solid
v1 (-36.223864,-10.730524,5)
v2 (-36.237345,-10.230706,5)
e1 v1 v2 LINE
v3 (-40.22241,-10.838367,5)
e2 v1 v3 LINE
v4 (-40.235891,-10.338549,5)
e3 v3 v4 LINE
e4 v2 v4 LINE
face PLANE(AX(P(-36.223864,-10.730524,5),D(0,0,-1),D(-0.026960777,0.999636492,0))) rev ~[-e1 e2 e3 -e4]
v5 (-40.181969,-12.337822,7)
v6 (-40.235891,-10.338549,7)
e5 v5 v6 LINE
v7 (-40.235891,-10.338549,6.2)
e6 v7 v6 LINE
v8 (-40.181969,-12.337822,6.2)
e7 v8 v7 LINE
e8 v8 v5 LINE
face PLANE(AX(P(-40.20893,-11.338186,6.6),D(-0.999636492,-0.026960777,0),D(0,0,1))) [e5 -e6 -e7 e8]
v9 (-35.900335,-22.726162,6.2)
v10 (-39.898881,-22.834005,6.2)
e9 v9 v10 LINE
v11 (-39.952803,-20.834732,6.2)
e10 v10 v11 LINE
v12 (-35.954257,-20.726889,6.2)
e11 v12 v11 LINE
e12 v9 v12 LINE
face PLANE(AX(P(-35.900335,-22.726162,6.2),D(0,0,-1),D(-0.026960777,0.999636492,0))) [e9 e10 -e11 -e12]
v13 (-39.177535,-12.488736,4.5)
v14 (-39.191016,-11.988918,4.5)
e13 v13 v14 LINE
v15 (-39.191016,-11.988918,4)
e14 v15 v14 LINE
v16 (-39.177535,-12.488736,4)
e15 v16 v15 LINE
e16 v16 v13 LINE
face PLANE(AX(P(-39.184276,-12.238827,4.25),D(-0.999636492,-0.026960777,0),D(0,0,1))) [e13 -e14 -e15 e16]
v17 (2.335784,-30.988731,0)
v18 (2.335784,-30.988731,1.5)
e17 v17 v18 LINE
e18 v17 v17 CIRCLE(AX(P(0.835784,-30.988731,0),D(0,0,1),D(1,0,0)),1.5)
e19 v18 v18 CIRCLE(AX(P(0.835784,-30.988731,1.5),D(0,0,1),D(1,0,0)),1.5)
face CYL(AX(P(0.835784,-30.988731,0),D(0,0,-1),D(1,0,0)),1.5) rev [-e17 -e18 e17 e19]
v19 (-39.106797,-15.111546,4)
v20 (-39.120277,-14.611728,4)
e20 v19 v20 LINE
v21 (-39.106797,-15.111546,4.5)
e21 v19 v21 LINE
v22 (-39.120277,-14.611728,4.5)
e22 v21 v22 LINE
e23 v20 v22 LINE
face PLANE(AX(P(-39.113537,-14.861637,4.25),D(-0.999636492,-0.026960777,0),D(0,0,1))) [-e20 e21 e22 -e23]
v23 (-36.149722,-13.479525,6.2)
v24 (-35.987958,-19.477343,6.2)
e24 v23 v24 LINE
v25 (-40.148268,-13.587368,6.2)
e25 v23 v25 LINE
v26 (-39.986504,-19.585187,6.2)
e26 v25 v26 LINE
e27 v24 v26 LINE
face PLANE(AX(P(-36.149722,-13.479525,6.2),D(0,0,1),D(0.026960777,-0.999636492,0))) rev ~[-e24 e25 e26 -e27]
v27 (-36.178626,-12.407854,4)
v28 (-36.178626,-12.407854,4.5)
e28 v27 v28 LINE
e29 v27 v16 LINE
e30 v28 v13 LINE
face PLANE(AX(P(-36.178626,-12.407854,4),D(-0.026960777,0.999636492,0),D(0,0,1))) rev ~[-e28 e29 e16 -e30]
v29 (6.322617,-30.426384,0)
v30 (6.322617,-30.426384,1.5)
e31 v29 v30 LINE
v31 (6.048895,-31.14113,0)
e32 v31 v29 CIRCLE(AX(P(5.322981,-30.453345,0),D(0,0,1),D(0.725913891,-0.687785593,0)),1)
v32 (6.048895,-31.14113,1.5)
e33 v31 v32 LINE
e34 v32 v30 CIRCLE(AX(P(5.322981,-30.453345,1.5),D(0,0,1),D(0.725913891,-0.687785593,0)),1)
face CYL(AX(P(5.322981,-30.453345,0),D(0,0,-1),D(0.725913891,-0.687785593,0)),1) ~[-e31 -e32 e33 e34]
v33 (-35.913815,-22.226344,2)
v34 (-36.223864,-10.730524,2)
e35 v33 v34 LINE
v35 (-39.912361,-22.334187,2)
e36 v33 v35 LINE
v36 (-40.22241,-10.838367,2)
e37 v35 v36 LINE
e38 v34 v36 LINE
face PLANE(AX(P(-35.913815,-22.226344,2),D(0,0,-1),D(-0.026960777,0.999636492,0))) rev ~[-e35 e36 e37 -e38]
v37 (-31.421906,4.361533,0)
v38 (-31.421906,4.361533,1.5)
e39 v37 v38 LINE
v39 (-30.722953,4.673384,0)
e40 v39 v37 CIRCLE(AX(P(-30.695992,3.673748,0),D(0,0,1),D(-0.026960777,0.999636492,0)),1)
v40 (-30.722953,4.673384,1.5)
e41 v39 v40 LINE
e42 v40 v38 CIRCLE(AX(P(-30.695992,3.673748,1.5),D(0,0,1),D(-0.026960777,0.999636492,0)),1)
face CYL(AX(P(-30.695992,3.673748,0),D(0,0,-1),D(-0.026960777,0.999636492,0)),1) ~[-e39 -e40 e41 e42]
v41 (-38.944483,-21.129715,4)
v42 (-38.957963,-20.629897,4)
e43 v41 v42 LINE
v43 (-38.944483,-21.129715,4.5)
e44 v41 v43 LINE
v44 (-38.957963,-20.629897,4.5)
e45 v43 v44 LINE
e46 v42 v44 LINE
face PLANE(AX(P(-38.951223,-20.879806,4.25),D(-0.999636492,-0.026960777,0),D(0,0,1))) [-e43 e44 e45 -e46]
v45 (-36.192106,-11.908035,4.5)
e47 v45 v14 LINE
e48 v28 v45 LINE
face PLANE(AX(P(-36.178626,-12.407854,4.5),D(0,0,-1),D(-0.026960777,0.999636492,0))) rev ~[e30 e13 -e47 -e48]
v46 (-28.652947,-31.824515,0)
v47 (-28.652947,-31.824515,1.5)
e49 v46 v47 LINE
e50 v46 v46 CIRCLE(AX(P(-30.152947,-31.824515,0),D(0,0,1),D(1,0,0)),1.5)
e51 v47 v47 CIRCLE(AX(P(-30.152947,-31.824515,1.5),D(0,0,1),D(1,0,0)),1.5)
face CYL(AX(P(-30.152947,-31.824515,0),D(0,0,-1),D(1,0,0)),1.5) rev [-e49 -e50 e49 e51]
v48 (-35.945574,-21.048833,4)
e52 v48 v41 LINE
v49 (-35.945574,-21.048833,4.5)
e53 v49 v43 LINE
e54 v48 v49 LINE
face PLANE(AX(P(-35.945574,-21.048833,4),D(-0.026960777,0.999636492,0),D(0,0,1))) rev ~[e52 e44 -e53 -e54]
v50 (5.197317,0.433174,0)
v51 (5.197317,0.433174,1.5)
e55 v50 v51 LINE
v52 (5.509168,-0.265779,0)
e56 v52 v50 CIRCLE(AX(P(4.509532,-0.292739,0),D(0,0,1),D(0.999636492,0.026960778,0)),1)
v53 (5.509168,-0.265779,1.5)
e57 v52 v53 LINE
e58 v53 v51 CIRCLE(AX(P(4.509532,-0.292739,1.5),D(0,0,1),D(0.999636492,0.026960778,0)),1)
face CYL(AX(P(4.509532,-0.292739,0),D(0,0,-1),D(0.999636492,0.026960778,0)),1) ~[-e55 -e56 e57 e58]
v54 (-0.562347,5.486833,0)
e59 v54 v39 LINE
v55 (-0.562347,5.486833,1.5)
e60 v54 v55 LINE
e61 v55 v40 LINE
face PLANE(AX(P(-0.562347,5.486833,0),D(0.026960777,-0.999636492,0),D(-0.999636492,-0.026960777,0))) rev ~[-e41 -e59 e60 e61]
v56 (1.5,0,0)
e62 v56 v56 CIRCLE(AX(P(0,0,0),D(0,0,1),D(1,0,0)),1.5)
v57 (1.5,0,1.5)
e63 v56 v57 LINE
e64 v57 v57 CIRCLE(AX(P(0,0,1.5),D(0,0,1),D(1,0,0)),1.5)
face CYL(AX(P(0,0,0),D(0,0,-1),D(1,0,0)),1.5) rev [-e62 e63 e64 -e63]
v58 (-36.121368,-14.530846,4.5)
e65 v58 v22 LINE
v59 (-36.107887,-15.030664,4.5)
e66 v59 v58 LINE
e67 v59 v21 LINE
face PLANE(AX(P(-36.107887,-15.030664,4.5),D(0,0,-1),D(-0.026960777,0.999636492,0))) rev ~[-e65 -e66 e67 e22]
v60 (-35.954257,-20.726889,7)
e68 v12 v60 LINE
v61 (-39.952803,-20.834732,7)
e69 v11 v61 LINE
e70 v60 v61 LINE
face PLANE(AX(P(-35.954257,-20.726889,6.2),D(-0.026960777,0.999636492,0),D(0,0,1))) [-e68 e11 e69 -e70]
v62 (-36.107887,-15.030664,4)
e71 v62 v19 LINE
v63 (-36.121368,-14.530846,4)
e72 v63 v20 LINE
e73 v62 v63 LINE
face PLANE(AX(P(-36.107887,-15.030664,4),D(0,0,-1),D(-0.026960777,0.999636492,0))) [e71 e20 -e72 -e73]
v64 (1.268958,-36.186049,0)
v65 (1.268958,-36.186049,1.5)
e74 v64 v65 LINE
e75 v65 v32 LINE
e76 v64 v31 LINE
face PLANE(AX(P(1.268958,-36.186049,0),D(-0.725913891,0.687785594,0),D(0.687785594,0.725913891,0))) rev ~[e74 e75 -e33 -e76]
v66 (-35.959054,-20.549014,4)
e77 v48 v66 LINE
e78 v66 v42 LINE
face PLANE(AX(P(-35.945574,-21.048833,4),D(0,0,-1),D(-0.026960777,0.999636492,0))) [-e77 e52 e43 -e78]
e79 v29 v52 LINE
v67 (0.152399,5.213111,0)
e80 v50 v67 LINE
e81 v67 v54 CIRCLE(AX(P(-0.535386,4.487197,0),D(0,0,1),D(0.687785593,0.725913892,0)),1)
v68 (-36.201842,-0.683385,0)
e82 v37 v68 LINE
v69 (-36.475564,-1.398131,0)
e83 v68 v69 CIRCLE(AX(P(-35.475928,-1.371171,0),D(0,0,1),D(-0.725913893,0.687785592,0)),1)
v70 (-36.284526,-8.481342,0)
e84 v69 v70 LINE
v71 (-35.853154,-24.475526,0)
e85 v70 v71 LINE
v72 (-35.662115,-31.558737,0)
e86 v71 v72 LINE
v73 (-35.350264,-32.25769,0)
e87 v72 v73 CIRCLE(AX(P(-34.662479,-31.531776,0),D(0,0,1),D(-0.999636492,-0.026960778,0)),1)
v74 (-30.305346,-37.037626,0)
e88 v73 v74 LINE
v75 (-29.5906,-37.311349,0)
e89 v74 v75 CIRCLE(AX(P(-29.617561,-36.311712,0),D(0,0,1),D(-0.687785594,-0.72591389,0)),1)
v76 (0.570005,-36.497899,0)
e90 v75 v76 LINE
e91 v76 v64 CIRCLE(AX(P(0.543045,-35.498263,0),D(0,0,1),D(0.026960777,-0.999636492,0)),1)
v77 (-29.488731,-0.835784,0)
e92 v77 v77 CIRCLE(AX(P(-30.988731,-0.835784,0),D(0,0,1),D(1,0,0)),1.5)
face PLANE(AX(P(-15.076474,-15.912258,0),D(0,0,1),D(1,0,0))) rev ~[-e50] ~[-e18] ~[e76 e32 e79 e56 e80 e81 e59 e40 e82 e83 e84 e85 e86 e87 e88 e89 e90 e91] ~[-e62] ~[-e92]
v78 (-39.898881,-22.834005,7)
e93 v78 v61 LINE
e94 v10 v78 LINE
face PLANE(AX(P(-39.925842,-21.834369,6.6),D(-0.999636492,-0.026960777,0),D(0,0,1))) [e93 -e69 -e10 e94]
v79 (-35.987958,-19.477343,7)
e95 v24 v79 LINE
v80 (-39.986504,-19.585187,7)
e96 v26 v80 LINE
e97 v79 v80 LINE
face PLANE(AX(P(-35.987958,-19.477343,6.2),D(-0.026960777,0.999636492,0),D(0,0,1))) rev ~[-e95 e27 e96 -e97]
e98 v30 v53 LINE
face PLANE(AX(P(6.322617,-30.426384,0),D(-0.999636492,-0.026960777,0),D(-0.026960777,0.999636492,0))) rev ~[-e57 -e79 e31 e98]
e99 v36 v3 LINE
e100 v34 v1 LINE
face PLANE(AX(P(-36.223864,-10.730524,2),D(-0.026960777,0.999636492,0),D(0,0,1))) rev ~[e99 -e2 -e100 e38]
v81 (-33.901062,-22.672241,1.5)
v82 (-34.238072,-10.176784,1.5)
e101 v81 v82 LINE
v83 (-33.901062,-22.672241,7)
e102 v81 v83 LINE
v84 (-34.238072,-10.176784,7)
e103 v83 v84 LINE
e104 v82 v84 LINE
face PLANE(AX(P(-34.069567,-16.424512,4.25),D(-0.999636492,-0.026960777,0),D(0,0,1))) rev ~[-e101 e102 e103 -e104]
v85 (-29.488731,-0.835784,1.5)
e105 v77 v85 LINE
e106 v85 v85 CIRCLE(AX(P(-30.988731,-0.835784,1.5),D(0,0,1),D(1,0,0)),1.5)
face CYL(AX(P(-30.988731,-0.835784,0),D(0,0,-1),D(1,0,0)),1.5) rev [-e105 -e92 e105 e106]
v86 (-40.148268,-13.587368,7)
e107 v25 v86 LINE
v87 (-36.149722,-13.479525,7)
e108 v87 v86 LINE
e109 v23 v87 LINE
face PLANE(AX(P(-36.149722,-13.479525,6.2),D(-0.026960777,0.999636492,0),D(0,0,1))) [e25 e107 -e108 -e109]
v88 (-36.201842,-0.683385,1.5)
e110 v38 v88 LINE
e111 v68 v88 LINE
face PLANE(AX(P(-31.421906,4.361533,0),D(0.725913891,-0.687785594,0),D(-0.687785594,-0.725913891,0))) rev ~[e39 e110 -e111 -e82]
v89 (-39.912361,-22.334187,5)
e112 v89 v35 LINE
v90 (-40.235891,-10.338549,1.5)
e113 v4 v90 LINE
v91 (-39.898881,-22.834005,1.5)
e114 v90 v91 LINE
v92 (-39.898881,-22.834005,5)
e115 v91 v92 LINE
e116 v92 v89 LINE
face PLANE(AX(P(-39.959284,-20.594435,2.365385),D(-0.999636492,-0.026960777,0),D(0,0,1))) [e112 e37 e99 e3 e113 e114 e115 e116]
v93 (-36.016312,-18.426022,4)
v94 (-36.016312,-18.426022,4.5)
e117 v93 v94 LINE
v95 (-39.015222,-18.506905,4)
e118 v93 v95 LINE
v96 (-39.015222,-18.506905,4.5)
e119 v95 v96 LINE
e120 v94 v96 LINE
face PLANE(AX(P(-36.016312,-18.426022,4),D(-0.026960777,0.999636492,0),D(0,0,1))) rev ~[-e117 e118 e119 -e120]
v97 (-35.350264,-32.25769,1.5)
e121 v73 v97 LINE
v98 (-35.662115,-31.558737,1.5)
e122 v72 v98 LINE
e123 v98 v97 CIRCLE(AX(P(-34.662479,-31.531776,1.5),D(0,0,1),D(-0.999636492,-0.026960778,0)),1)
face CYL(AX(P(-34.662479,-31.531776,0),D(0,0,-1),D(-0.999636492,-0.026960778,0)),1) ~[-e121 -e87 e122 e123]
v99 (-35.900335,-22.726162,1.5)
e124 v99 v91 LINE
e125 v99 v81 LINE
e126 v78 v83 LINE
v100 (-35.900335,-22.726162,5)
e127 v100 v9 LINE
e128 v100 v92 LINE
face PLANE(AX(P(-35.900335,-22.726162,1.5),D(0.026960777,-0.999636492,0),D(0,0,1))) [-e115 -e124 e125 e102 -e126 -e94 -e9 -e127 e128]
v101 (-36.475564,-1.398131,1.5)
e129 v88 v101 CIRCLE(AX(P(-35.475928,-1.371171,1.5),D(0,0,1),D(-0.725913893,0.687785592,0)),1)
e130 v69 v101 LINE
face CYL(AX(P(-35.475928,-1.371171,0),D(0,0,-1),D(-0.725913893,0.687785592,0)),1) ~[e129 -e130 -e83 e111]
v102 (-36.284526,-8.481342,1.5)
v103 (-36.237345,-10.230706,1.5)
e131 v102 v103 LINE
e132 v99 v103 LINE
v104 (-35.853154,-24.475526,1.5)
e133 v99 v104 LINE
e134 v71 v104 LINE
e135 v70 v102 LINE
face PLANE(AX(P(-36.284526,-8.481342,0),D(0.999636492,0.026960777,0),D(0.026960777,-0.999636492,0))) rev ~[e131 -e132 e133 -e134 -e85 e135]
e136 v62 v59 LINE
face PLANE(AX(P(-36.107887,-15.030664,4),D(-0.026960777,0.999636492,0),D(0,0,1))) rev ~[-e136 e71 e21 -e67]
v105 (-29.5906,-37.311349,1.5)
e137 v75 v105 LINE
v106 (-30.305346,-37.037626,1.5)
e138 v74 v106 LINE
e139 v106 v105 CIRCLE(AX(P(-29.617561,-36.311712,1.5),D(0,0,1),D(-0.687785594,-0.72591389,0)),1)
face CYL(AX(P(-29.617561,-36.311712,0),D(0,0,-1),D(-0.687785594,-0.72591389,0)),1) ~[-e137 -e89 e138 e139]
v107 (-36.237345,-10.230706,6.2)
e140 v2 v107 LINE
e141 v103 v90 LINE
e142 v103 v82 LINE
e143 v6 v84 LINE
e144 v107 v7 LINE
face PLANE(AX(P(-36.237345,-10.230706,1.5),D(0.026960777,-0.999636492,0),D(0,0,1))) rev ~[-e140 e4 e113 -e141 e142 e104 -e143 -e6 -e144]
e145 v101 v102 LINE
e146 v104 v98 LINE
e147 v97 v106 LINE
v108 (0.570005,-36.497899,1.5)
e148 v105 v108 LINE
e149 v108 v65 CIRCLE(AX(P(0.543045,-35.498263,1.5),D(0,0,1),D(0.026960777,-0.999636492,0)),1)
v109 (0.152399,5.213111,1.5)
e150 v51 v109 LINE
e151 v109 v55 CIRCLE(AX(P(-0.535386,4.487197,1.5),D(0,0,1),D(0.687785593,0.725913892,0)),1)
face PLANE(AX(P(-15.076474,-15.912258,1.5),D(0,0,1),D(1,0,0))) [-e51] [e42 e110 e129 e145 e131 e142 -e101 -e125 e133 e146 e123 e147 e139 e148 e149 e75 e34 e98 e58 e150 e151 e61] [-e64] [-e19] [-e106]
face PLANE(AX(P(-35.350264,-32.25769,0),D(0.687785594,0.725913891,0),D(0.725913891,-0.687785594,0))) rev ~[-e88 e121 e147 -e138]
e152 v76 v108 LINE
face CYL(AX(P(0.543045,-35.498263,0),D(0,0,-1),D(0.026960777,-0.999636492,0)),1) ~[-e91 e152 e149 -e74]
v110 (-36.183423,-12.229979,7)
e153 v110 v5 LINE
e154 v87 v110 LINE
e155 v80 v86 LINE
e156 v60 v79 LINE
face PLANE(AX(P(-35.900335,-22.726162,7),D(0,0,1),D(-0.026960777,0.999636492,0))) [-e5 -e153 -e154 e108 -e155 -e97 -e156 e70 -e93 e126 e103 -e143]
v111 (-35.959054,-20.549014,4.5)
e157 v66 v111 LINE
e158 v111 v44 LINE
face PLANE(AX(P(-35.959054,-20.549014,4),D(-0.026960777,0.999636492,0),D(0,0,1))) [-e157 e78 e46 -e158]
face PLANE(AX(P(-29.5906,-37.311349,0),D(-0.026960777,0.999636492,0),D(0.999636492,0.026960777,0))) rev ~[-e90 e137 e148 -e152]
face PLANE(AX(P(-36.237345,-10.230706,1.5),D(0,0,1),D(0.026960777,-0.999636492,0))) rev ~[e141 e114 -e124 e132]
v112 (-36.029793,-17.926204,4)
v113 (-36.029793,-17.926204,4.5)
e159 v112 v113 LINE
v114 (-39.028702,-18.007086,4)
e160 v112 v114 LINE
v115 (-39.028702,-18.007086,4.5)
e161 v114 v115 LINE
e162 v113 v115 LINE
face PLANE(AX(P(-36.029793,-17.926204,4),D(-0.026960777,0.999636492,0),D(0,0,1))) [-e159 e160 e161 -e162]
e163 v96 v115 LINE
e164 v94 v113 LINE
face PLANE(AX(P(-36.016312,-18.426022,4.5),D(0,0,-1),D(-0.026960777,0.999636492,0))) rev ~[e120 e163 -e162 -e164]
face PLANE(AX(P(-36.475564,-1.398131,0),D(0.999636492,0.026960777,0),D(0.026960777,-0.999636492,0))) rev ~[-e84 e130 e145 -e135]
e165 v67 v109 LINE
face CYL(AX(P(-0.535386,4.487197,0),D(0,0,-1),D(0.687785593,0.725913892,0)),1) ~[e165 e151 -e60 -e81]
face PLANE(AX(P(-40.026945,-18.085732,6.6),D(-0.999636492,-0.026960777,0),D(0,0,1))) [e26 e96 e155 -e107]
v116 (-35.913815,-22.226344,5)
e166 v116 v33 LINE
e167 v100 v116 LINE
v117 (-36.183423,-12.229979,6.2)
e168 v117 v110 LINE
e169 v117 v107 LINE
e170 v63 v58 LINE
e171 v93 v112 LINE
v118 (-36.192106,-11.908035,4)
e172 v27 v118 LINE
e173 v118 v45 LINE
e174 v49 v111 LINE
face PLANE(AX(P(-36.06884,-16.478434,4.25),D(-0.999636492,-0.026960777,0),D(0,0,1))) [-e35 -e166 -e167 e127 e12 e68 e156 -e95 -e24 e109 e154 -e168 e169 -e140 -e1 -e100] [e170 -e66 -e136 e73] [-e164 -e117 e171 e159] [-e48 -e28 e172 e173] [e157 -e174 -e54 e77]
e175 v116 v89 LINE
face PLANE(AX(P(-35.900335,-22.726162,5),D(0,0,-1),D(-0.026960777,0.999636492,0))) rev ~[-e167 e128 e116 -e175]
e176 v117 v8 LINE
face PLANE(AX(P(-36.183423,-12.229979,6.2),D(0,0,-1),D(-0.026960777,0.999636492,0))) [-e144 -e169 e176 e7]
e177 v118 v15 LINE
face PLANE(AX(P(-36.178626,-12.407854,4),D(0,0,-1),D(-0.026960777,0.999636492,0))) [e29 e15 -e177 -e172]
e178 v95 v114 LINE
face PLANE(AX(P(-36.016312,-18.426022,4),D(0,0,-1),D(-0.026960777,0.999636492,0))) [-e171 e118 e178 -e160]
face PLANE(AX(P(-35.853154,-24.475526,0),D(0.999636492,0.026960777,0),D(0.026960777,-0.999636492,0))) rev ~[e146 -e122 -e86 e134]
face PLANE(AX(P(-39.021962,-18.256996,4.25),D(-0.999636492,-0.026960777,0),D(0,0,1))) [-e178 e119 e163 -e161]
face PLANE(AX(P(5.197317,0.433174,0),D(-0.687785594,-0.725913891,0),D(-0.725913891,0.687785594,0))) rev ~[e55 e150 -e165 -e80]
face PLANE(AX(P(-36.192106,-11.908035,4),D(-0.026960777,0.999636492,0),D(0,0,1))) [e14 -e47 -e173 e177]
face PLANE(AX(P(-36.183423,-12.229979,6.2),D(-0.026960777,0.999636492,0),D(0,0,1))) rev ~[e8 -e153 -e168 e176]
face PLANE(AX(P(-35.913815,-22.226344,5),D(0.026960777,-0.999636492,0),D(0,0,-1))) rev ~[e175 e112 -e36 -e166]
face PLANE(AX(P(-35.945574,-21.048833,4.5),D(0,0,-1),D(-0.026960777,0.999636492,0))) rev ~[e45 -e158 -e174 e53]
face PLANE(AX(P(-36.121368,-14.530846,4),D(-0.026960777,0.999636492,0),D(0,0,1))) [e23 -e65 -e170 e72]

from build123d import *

# Parameters (mm, degrees)
SKETCH_1_R      = 1.5
EXTRUDE_1_DEPTH = 1.5
SKETCH_2_W      = 5.5
SKETCH_2_H      = 12.5
EXTRUDE_2_DEPTH = 2
SKETCH_3_W      = 0.8
SKETCH_3_H      = 2
SKETCH_3_H_2    = 3
EXTRUDE_3_DEPTH = 4
SKETCH_4_W      = 0.5
SKETCH_4_H      = 0.5
EXTRUDE_4_DEPTH = 3


with BuildPart() as part:
    # 草图1 → 凸台-拉伸1 (new body)
    with BuildSketch(Plane.XY):
        with BuildLine():
            Line((-36.284526135, -8.481342061), (-35.853153699, -24.475525936))
            Line((-35.853153699, -24.475525936), (-35.662115389, -31.558736635))
            ThreePointArc((-35.662115389, -31.558736635), (-35.575705149, -31.939228692), (-35.350264491, -32.257689749))
            Line((-35.350264491, -32.257689749), (-30.305346266, -37.037625939))
            ThreePointArc((-30.305346266, -37.037625939), (-29.975196486, -37.245573186), (-29.590599895, -37.31134854))
            Line((-29.590599895, -37.31134854), (0.570005378, -36.497899484))
            ThreePointArc((0.570005378, -36.497899484), (0.950497435, -36.411489244), (1.268958491, -36.186048586))
            Line((1.268958491, -36.186048586), (6.048894681, -31.141130361))
            ThreePointArc((6.048894681, -31.141130361), (6.256841928, -30.810980581), (6.322617283, -30.42638399))
            Line((6.322617283, -30.42638399), (5.509168227, -0.265778718))
            ThreePointArc((5.509168227, -0.265778718), (5.422757987, 0.114713339), (5.197317328, 0.433174396))
            Line((5.197317328, 0.433174396), (0.152399104, 5.213110586))
            ThreePointArc((0.152399104, 5.213110586), (-0.177750677, 5.421057833), (-0.562347267, 5.486833187))
            Line((-0.562347267, 5.486833187), (-30.72295254, 4.673384131))
            ThreePointArc((-30.72295254, 4.673384131), (-31.103444597, 4.586973891), (-31.421905653, 4.361533233))
            Line((-31.421905653, 4.361533233), (-36.201841843, -0.683384991))
            ThreePointArc((-36.201841843, -0.683384991), (-36.40978909, -1.013534772), (-36.475564445, -1.398131363))
            Line((-36.475564445, -1.398131363), (-36.284526135, -8.481342061))
        make_face()
        with Locations((-30.988731257, -0.835784095)):
            Circle(SKETCH_1_R, mode=Mode.SUBTRACT)
        Circle(SKETCH_1_R, mode=Mode.SUBTRACT)
        with Locations((0.835784095, -30.988731257)):
            Circle(SKETCH_1_R, mode=Mode.SUBTRACT)
        with Locations((-30.152947162, -31.824515353)):
            Circle(SKETCH_1_R, mode=Mode.SUBTRACT)
    extrude(amount=EXTRUDE_1_DEPTH)

    # 草图2 → 凸台-拉伸2 (add)
    with BuildSketch(Plane(origin=(-36.486731964, -0.98406837, 0), x_dir=(0, 0, 1), z_dir=(-0.9996364921756676, -0.026960777264883006, 0))):
        with Locations((4.25, -15.5)):
            Rectangle(SKETCH_2_W, SKETCH_2_H)
    extrude(amount=-EXTRUDE_2_DEPTH)

    # 草图3 → 凸台-拉伸3 (add)
    with BuildSketch(Plane(origin=(-36.486731964, -0.98406837, 0), x_dir=(0, 0, 1), z_dir=(-0.9996364921756676, -0.026960777264883006, 0))):
        Polygon((2, -21.25), (2, -15.5), (1.5, -15.5), (1.5, -21.75), (5, -21.75), (5, -21.25), align=None)
        Polygon((1.5, -15.5), (2, -15.5), (2, -9.75), (5, -9.75), (5, -9.25), (1.5, -9.25), align=None)
        with Locations((6.6, -20.75)):
            Rectangle(SKETCH_3_W, SKETCH_3_H)
        with Locations((6.6, -17)):
            Rectangle(SKETCH_3_W, SKETCH_3_H_2)
        with Locations((6.6, -14)):
            Rectangle(SKETCH_3_W, SKETCH_3_H_2)
        with Locations((6.6, -10.25)):
            Rectangle(SKETCH_3_W, SKETCH_3_H)
    extrude(amount=EXTRUDE_3_DEPTH)

    # 草图4 → 凸台-拉伸4 (add)
    with BuildSketch(Plane(origin=(-36.486731964, -0.98406837, 0), x_dir=(0, 0, 1), z_dir=(-0.9996364921756676, -0.026960777264883006, 0))):
        with Locations((4.25, -19.822060647)):
            Rectangle(SKETCH_4_W, SKETCH_4_H)
        with Locations((4.25, -17.198296527)):
            Rectangle(SKETCH_4_W, SKETCH_4_H)
        with Locations((4.25, -13.801703473)):
            Rectangle(SKETCH_4_W, SKETCH_4_H)
        with Locations((4.25, -11.177939353)):
            Rectangle(SKETCH_4_W, SKETCH_4_H)
    extrude(amount=EXTRUDE_4_DEPTH)


solid = part.part
